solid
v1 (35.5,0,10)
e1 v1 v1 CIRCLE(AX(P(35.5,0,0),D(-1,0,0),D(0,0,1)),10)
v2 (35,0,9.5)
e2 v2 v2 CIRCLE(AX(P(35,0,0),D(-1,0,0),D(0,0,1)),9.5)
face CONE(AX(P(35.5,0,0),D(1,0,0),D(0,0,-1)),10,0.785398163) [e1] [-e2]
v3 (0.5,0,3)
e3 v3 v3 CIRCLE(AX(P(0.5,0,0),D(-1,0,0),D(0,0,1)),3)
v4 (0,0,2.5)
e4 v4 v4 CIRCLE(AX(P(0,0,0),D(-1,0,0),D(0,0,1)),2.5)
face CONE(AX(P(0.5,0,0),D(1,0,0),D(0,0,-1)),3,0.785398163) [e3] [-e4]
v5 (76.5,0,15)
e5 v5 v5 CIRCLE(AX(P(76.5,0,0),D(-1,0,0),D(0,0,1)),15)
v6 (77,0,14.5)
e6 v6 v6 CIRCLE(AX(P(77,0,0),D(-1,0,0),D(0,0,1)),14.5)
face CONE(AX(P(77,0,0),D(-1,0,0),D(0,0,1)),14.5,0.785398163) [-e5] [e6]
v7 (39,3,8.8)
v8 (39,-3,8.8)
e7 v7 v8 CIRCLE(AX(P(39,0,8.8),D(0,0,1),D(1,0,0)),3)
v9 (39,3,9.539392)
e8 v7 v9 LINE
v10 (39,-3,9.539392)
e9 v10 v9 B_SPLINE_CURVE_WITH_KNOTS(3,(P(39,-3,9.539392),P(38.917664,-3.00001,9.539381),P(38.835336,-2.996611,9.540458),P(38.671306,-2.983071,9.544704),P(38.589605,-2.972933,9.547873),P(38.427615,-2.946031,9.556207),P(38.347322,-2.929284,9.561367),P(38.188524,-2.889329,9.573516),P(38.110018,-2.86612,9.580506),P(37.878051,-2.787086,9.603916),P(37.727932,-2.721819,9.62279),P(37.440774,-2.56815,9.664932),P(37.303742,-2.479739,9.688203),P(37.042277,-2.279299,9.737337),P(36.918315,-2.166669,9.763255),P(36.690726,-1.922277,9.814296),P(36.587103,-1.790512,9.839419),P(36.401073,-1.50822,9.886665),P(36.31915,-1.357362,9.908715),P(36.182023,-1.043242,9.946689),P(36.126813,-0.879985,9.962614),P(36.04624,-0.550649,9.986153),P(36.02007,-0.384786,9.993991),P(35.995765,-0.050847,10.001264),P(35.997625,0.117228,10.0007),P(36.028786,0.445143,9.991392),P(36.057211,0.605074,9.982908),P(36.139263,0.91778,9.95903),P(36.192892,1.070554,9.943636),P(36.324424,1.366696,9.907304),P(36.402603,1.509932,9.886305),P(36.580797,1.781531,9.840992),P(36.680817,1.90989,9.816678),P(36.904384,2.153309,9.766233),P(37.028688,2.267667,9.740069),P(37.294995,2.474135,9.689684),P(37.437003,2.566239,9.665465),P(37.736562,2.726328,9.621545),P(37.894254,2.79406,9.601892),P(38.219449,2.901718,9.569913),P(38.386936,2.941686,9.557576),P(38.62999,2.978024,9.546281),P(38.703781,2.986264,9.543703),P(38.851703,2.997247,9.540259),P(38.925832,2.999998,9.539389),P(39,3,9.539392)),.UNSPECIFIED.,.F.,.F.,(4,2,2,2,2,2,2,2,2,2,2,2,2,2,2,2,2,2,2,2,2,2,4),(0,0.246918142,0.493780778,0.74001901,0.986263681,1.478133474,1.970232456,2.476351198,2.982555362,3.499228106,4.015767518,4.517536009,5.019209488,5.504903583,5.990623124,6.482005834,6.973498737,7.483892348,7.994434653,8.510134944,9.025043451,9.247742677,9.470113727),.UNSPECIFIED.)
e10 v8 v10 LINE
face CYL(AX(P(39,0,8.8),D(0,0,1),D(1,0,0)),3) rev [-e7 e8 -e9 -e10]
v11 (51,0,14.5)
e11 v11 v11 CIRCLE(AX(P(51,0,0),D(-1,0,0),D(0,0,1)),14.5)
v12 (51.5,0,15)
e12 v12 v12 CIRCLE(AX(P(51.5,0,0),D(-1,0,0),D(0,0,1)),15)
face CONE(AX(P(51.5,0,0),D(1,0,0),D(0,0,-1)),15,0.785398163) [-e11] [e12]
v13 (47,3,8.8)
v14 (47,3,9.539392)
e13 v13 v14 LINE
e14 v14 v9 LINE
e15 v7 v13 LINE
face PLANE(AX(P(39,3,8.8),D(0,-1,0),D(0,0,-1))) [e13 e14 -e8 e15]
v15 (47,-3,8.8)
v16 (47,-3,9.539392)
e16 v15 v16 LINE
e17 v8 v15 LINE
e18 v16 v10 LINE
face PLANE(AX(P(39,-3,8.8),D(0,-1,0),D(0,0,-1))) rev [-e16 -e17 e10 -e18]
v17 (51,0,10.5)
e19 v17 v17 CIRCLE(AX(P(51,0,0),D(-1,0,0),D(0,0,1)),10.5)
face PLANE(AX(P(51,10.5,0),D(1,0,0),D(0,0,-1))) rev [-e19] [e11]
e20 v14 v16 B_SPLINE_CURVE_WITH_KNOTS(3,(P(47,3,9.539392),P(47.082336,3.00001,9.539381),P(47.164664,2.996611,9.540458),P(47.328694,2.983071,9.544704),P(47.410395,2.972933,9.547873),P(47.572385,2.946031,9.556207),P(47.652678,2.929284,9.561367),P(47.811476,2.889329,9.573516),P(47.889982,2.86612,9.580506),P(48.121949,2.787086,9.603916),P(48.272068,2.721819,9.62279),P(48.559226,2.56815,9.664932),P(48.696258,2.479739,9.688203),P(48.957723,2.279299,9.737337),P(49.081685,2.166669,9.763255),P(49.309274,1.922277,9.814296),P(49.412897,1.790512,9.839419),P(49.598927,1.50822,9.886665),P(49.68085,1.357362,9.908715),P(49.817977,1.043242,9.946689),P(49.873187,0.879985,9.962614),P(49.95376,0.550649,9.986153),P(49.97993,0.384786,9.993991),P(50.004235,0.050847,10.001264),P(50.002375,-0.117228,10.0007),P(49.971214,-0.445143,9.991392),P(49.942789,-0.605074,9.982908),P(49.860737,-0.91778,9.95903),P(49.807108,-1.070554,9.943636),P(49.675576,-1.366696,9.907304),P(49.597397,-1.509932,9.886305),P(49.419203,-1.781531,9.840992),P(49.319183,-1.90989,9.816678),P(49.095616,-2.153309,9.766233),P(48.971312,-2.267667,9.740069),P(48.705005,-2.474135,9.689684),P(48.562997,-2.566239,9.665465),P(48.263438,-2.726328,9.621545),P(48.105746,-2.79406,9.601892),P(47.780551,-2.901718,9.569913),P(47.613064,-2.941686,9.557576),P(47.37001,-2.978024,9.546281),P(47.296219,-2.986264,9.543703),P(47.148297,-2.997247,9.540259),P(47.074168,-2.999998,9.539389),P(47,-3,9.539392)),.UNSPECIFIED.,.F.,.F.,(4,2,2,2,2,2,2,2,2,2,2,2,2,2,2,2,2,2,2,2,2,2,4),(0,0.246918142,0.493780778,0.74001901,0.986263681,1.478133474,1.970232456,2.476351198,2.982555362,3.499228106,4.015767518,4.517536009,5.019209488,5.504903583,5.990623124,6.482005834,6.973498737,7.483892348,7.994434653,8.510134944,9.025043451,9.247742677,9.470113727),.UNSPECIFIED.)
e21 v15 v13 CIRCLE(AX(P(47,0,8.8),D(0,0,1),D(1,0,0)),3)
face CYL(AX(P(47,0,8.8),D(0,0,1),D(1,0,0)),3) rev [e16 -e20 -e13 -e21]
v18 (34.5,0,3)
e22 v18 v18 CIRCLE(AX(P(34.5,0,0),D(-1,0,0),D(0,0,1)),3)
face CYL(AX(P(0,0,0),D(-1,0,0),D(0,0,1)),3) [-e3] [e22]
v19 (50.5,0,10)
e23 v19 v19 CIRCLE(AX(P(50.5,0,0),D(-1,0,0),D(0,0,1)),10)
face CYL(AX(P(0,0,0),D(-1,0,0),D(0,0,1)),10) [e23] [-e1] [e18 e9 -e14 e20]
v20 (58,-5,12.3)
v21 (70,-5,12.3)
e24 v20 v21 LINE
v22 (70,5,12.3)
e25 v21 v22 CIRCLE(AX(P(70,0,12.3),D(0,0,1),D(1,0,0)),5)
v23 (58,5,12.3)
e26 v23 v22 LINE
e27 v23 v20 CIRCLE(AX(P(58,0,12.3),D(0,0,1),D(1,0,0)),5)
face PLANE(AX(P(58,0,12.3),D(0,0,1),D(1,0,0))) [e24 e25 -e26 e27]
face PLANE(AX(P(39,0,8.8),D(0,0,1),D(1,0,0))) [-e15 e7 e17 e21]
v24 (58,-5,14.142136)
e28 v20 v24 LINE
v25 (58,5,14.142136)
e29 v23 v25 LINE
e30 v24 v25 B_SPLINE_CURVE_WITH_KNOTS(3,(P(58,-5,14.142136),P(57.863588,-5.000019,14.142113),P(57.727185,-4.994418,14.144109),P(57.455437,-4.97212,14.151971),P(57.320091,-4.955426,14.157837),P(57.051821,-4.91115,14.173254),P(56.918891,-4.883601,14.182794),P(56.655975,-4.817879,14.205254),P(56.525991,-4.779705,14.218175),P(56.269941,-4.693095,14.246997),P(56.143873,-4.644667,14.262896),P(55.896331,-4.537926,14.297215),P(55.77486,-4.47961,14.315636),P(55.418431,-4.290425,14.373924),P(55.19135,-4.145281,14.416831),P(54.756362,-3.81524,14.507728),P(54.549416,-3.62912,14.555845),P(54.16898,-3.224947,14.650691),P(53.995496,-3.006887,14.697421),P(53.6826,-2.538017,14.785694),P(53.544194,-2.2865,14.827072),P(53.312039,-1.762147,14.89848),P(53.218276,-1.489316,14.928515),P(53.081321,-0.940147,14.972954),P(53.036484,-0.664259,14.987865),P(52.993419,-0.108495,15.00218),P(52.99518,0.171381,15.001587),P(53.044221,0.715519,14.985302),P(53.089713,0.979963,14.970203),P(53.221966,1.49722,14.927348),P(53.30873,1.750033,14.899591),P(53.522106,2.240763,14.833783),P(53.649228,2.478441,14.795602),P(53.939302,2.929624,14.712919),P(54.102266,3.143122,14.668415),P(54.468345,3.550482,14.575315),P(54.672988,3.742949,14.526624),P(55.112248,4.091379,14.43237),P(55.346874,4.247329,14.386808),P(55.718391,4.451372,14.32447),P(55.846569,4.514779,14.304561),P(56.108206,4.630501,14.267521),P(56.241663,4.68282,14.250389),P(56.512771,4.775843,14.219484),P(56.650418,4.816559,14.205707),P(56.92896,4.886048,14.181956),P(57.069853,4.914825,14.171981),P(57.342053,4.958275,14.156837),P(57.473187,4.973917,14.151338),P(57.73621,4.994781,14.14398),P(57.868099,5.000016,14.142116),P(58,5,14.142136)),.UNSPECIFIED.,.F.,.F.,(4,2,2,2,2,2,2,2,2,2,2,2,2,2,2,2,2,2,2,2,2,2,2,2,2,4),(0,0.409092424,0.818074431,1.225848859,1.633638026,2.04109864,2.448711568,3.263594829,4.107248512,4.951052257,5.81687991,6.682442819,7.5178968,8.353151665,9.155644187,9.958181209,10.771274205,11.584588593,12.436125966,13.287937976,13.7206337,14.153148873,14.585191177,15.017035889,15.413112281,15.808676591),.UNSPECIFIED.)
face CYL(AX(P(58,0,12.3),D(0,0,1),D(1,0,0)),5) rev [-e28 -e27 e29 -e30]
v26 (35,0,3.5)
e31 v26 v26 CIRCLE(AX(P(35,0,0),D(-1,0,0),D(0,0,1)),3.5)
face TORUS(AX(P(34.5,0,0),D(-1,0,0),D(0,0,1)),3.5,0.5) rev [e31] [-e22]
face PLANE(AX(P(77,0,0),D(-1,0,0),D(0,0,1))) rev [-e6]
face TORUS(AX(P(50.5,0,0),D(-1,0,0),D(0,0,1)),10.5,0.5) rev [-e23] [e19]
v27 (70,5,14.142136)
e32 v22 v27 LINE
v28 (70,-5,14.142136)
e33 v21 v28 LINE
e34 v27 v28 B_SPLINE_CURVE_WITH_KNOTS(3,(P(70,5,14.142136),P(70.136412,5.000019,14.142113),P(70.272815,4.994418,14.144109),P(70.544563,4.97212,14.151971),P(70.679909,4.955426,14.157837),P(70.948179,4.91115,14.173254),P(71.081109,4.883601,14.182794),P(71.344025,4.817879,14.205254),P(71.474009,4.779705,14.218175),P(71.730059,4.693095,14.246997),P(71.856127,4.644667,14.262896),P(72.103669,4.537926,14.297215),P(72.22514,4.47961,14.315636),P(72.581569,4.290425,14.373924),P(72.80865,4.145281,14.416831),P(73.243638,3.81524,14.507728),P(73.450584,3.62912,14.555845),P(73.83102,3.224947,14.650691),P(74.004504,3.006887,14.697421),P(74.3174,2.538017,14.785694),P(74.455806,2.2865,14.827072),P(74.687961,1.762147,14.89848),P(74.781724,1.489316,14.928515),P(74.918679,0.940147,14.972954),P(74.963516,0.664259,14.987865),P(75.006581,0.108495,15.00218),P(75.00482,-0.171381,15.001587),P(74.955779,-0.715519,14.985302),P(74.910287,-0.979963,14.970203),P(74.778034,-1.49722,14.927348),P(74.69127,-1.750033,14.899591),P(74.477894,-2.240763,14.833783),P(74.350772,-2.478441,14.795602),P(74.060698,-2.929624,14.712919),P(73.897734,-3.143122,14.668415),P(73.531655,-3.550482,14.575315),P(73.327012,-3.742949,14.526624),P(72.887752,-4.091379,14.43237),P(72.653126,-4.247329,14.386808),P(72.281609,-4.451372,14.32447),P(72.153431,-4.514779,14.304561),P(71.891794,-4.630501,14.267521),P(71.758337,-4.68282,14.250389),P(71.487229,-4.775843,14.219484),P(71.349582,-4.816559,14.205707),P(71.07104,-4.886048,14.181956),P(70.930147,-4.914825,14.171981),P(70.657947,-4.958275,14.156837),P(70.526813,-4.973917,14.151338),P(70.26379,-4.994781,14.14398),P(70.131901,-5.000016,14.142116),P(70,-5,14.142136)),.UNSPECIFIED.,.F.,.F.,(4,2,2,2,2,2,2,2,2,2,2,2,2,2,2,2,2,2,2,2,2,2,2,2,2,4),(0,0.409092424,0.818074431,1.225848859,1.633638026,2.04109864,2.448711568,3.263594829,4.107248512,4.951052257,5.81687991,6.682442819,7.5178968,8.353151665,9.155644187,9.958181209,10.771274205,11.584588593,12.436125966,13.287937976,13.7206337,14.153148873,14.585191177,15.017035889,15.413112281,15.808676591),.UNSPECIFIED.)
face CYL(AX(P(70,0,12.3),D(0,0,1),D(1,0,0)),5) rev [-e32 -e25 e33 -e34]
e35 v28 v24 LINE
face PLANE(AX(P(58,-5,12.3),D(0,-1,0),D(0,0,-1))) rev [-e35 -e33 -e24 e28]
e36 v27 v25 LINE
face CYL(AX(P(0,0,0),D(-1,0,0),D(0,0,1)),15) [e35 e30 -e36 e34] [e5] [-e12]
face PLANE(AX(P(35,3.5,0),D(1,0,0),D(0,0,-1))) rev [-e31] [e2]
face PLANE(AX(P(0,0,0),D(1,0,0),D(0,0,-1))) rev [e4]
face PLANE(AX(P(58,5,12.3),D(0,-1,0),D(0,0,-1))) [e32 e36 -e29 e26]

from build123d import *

# Parameters (mm, degrees)
CUT_EXTRUDE_1_DEPTH = 1.2
CUT_EXTRUDE_2_DEPTH = 2.7


with BuildPart() as part:
    # Эскиз1 → Повернуть1 (revolve)
    with BuildSketch(Plane.XY):
        with BuildLine():
            Line((0, 0), (0, 2.5))
            Line((0, 2.5), (0.5, 3))
            Line((0.5, 3), (34.5, 3))
            ThreePointArc((34.5, 3), (34.853553391, 3.146446609), (35, 3.5))
            Line((35, 3.5), (35, 9.5))
            Line((35, 9.5), (35.5, 10))
            Line((35.5, 10), (50.5, 10))
            ThreePointArc((50.5, 10), (50.853553391, 10.146446609), (51, 10.5))
            Line((51, 10.5), (51, 14.5))
            Line((51, 14.5), (51.5, 15))
            Line((51.5, 15), (76.5, 15))
            Line((76.5, 15), (77, 14.5))
            Line((77, 14.5), (77, 0))
            Line((77, 0), (0, 0))
        make_face()
    revolve(axis=Axis((0, 0, 0), (1, 0, 0)))

    # Эскиз3 → Вырез-Вытянуть1 (cut)
    with BuildSketch(Plane.XY.offset(10)):
        with BuildLine():
            Line((39, 3), (47, 3))
            ThreePointArc((47, 3), (50, 0), (47, -3))
            Line((47, -3), (39, -3))
            ThreePointArc((39, -3), (36, 0), (39, 3))
        make_face()
    extrude(amount=-CUT_EXTRUDE_1_DEPTH, mode=Mode.SUBTRACT)

    # Эскиз4 → Вырез-Вытянуть2 (cut)
    with BuildSketch(Plane.XY.offset(15)):
        with BuildLine():
            Line((58, 5), (70, 5))
            ThreePointArc((70, 5), (75, 0), (70, -5))
            Line((70, -5), (58, -5))
            ThreePointArc((58, -5), (53, 0), (58, 5))
        make_face()
    extrude(amount=-CUT_EXTRUDE_2_DEPTH, mode=Mode.SUBTRACT)


solid = part.part
